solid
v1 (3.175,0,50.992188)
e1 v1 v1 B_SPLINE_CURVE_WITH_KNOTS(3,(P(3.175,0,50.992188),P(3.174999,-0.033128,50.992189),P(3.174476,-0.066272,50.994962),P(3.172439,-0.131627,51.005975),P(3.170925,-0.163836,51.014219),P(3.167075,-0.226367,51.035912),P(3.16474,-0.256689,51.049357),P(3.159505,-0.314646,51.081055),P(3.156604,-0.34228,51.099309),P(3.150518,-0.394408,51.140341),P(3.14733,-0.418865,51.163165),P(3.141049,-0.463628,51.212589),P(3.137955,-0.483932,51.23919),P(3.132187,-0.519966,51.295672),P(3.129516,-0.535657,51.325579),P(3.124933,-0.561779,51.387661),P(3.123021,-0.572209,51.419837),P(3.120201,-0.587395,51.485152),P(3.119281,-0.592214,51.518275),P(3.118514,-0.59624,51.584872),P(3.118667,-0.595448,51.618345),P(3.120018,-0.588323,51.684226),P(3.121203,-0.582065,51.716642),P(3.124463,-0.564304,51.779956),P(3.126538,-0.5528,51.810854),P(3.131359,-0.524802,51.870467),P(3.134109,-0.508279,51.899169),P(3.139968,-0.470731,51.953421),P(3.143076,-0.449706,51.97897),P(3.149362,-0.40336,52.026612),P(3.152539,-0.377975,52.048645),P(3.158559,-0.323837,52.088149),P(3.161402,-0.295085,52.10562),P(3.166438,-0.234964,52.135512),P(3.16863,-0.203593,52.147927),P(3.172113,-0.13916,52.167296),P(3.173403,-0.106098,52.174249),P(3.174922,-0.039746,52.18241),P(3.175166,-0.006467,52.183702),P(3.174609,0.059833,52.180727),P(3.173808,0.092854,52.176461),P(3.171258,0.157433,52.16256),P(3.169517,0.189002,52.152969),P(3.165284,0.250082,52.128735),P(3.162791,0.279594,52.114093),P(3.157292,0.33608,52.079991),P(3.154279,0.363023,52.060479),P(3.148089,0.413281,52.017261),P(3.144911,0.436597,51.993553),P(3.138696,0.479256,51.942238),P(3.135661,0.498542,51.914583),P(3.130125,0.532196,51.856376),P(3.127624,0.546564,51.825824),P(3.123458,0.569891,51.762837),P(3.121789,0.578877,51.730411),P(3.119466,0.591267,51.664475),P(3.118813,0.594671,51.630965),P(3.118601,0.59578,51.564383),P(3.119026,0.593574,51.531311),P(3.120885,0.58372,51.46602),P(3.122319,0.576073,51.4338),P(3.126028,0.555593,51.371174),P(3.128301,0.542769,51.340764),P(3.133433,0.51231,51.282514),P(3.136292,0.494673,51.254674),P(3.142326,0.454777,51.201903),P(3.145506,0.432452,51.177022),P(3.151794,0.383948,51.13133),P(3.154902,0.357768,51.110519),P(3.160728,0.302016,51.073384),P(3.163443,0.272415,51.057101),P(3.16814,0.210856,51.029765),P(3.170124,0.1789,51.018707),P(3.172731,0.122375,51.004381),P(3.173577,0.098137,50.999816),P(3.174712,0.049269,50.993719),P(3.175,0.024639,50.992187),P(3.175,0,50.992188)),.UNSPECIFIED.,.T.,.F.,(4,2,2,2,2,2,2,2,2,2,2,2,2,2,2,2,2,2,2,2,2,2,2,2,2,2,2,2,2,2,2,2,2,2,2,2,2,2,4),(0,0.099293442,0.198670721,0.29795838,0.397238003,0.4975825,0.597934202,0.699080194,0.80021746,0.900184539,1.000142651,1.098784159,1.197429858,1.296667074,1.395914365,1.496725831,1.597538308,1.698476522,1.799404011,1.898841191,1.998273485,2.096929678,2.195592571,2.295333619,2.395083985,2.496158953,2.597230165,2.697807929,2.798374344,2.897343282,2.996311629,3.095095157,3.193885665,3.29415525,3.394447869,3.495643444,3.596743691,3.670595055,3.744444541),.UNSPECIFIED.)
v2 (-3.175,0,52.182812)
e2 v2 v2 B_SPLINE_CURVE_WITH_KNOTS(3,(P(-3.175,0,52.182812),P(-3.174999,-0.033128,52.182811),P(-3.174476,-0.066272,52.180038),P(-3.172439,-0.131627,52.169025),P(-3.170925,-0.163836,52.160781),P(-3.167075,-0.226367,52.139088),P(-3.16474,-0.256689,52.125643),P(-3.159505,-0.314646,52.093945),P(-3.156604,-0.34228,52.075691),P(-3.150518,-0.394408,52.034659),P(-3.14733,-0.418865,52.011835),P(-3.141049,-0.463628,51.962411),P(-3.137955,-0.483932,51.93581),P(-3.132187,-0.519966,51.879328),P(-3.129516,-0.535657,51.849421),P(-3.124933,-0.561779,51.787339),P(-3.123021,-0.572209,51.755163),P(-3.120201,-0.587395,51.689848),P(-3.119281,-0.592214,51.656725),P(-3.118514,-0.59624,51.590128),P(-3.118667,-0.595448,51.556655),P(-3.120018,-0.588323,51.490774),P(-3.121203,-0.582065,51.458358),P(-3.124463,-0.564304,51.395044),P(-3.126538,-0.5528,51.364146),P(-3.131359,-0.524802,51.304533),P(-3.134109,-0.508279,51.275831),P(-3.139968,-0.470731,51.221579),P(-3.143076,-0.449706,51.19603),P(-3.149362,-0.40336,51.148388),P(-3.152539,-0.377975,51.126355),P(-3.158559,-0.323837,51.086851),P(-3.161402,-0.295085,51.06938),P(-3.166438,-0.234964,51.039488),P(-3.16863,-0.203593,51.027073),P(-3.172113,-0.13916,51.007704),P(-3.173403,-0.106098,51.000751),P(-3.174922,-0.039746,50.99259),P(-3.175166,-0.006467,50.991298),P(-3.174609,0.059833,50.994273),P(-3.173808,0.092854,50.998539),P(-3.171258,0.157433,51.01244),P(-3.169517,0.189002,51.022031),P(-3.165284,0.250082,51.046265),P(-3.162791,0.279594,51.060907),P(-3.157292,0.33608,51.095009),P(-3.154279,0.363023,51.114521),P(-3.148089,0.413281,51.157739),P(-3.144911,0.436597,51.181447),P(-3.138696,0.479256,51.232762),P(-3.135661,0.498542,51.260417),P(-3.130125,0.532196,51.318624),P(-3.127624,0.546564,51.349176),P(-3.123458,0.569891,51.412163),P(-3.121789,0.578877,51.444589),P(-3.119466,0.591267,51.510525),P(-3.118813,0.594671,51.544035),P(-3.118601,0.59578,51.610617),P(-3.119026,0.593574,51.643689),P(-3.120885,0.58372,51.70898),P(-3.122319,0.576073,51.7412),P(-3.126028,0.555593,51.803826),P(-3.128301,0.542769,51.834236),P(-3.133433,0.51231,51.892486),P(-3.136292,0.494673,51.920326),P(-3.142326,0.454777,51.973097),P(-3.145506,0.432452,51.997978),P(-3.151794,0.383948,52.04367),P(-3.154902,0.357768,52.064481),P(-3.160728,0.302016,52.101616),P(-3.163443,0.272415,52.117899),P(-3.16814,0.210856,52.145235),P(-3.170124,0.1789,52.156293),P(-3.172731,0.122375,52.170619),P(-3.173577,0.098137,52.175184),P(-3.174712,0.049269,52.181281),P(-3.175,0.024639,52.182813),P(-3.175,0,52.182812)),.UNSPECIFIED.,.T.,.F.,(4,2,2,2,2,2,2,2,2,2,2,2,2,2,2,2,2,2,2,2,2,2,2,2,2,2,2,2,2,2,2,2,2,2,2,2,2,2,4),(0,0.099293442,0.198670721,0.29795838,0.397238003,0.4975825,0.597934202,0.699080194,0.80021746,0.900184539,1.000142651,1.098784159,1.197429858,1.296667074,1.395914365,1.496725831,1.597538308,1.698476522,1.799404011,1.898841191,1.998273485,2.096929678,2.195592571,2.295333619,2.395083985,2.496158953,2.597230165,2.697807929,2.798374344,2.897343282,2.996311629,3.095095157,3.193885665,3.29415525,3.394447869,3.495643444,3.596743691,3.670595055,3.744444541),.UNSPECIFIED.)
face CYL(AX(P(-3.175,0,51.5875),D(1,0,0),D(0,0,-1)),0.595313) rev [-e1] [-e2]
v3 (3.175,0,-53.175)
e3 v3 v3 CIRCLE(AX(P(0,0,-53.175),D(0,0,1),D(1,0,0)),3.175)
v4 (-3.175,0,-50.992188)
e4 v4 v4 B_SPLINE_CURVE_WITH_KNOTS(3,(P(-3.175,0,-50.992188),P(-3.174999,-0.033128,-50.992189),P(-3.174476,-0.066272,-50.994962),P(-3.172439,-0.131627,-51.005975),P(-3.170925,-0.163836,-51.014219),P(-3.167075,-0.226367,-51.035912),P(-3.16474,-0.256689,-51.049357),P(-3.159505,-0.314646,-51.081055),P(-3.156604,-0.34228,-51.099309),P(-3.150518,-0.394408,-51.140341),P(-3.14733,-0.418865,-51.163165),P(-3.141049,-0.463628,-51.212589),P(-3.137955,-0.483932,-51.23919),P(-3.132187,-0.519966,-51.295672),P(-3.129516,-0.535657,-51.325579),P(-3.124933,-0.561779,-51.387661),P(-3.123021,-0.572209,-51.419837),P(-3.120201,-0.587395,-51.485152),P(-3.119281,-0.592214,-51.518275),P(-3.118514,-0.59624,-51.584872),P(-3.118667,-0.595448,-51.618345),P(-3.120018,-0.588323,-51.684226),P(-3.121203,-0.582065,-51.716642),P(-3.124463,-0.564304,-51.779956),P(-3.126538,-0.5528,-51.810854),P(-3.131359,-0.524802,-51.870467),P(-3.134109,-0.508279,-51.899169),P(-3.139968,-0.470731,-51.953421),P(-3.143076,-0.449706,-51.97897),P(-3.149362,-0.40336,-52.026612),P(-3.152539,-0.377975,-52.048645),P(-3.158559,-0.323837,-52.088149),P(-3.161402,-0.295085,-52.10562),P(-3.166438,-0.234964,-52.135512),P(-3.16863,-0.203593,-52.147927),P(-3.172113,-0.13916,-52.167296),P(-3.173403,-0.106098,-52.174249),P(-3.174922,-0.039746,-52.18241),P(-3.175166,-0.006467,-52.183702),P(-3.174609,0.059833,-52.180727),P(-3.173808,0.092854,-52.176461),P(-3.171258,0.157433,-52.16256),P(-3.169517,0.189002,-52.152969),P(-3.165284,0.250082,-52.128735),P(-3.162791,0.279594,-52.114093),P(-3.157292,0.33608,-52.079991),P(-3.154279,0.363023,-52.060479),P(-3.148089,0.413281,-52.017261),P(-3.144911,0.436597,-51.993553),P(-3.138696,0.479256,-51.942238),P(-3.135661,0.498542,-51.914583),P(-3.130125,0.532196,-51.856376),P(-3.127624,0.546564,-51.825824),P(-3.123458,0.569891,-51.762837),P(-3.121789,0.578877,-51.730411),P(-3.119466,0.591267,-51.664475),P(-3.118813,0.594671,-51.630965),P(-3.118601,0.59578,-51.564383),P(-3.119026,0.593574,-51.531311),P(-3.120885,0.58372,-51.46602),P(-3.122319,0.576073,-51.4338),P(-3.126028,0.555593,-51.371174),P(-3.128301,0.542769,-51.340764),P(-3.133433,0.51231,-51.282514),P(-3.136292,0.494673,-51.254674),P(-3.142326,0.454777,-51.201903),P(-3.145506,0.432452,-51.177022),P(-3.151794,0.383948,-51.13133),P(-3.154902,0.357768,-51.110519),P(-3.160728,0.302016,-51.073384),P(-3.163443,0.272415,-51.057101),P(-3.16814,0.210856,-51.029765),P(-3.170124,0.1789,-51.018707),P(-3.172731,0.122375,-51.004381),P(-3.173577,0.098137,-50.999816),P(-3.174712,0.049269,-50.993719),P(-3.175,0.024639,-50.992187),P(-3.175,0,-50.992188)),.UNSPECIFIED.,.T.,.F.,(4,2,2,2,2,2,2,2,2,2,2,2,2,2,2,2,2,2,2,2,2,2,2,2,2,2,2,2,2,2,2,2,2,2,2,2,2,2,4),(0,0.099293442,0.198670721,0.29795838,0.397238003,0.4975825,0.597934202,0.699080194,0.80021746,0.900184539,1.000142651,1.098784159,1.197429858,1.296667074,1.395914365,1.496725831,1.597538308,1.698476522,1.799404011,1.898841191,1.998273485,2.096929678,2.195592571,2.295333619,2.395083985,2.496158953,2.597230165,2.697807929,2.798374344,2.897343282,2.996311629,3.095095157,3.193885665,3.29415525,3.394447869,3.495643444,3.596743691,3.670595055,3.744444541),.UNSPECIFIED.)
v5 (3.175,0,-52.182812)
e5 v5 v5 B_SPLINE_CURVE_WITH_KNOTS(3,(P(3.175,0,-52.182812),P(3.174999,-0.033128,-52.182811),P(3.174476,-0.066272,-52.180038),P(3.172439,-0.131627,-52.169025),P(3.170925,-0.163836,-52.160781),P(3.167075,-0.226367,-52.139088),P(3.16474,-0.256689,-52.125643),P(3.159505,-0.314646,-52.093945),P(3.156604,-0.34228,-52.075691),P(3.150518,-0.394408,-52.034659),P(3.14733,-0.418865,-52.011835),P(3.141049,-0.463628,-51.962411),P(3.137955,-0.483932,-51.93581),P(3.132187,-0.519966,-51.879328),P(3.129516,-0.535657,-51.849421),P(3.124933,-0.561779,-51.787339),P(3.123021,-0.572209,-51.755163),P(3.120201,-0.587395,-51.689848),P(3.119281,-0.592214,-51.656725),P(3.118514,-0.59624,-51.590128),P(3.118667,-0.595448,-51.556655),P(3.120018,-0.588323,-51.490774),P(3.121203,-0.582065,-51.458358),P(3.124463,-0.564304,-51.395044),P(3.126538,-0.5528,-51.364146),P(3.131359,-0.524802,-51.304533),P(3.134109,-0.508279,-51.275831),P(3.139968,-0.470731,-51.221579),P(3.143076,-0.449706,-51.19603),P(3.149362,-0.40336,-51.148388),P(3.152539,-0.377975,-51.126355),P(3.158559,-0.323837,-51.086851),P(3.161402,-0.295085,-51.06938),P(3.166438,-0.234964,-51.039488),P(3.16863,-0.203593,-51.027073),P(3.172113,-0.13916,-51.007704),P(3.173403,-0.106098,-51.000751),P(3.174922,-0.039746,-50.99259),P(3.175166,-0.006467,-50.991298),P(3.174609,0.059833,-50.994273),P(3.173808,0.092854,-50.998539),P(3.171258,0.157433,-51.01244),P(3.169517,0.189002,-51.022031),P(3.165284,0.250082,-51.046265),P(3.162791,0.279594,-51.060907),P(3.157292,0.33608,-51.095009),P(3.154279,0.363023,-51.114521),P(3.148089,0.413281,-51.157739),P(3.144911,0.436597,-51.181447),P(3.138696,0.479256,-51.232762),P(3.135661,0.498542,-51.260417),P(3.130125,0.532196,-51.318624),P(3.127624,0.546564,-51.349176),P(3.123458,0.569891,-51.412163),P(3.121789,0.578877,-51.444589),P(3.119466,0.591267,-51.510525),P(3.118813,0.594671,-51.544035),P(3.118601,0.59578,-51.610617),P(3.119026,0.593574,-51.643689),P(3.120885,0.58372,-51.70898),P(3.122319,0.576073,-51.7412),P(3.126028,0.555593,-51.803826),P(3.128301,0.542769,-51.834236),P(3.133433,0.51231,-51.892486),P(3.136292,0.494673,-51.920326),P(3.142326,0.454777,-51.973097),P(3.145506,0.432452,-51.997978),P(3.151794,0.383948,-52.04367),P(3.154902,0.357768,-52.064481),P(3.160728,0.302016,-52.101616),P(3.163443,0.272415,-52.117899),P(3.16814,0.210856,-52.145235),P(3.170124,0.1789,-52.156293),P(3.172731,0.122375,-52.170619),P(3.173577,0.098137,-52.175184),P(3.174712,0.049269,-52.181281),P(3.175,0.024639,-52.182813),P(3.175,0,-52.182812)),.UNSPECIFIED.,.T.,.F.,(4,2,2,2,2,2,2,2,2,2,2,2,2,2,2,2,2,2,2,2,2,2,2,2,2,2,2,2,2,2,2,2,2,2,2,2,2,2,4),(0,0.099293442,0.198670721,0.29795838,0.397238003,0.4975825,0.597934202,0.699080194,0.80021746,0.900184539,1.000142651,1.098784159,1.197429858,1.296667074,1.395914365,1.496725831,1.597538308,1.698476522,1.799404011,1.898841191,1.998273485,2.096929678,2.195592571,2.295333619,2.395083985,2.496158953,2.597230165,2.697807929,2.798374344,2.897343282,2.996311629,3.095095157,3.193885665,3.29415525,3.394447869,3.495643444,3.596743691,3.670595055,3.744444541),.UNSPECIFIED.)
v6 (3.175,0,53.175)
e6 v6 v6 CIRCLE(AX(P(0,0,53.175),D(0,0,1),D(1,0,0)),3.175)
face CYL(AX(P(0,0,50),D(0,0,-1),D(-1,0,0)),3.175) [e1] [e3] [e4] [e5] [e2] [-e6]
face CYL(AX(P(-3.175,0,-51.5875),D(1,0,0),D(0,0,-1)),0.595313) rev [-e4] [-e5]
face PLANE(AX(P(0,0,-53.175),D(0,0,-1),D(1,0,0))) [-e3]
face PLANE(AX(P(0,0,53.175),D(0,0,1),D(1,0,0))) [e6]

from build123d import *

# Parameters (mm, degrees)
SKETCH2_R               = 3.175
BOSS_EXTRUDE1_DEPTH     = 50
SKETCH3_R               = 3.175
BOSS_EXTRUDE2_DEPTH     = 3.175
SKETCH5_R               = 0.5953125
CUT_EXTRUDE1_DEPTH      = 4.175
CUT_EXTRUDE1_DEPTH_BACK = 4.175


with BuildPart() as part:
    # Sketch2 → Boss-Extrude1 (new body)
    with BuildSketch(Plane.XY):
        Circle(SKETCH2_R)
    boss_extrude1 = extrude(amount=BOSS_EXTRUDE1_DEPTH)

    # Sketch3 → Boss-Extrude2 (add)
    with BuildSketch(Plane.XY.offset(50)):
        Circle(SKETCH3_R)
    boss_extrude2 = extrude(amount=BOSS_EXTRUDE2_DEPTH)

    # Mirror1: Boss-Extrude1, Boss-Extrude2 across plane
    add(boss_extrude1.mirror(Plane.XY))
    add(boss_extrude2.mirror(Plane.XY))

    # Sketch5 → Cut-Extrude1 (cut, two sides)
    with BuildSketch(Plane(origin=(0, 0, 0), x_dir=(0, 0, -1), z_dir=(1, 0, 0))) as cut_extrude1_sk:
        with Locations((-51.5875, 0)):
            Circle(SKETCH5_R)
        with Locations((51.5875, 0)):
            Circle(SKETCH5_R)
    extrude(amount=CUT_EXTRUDE1_DEPTH, mode=Mode.SUBTRACT)
    extrude(cut_extrude1_sk.sketch, amount=-CUT_EXTRUDE1_DEPTH_BACK, mode=Mode.SUBTRACT)


solid = part.part
